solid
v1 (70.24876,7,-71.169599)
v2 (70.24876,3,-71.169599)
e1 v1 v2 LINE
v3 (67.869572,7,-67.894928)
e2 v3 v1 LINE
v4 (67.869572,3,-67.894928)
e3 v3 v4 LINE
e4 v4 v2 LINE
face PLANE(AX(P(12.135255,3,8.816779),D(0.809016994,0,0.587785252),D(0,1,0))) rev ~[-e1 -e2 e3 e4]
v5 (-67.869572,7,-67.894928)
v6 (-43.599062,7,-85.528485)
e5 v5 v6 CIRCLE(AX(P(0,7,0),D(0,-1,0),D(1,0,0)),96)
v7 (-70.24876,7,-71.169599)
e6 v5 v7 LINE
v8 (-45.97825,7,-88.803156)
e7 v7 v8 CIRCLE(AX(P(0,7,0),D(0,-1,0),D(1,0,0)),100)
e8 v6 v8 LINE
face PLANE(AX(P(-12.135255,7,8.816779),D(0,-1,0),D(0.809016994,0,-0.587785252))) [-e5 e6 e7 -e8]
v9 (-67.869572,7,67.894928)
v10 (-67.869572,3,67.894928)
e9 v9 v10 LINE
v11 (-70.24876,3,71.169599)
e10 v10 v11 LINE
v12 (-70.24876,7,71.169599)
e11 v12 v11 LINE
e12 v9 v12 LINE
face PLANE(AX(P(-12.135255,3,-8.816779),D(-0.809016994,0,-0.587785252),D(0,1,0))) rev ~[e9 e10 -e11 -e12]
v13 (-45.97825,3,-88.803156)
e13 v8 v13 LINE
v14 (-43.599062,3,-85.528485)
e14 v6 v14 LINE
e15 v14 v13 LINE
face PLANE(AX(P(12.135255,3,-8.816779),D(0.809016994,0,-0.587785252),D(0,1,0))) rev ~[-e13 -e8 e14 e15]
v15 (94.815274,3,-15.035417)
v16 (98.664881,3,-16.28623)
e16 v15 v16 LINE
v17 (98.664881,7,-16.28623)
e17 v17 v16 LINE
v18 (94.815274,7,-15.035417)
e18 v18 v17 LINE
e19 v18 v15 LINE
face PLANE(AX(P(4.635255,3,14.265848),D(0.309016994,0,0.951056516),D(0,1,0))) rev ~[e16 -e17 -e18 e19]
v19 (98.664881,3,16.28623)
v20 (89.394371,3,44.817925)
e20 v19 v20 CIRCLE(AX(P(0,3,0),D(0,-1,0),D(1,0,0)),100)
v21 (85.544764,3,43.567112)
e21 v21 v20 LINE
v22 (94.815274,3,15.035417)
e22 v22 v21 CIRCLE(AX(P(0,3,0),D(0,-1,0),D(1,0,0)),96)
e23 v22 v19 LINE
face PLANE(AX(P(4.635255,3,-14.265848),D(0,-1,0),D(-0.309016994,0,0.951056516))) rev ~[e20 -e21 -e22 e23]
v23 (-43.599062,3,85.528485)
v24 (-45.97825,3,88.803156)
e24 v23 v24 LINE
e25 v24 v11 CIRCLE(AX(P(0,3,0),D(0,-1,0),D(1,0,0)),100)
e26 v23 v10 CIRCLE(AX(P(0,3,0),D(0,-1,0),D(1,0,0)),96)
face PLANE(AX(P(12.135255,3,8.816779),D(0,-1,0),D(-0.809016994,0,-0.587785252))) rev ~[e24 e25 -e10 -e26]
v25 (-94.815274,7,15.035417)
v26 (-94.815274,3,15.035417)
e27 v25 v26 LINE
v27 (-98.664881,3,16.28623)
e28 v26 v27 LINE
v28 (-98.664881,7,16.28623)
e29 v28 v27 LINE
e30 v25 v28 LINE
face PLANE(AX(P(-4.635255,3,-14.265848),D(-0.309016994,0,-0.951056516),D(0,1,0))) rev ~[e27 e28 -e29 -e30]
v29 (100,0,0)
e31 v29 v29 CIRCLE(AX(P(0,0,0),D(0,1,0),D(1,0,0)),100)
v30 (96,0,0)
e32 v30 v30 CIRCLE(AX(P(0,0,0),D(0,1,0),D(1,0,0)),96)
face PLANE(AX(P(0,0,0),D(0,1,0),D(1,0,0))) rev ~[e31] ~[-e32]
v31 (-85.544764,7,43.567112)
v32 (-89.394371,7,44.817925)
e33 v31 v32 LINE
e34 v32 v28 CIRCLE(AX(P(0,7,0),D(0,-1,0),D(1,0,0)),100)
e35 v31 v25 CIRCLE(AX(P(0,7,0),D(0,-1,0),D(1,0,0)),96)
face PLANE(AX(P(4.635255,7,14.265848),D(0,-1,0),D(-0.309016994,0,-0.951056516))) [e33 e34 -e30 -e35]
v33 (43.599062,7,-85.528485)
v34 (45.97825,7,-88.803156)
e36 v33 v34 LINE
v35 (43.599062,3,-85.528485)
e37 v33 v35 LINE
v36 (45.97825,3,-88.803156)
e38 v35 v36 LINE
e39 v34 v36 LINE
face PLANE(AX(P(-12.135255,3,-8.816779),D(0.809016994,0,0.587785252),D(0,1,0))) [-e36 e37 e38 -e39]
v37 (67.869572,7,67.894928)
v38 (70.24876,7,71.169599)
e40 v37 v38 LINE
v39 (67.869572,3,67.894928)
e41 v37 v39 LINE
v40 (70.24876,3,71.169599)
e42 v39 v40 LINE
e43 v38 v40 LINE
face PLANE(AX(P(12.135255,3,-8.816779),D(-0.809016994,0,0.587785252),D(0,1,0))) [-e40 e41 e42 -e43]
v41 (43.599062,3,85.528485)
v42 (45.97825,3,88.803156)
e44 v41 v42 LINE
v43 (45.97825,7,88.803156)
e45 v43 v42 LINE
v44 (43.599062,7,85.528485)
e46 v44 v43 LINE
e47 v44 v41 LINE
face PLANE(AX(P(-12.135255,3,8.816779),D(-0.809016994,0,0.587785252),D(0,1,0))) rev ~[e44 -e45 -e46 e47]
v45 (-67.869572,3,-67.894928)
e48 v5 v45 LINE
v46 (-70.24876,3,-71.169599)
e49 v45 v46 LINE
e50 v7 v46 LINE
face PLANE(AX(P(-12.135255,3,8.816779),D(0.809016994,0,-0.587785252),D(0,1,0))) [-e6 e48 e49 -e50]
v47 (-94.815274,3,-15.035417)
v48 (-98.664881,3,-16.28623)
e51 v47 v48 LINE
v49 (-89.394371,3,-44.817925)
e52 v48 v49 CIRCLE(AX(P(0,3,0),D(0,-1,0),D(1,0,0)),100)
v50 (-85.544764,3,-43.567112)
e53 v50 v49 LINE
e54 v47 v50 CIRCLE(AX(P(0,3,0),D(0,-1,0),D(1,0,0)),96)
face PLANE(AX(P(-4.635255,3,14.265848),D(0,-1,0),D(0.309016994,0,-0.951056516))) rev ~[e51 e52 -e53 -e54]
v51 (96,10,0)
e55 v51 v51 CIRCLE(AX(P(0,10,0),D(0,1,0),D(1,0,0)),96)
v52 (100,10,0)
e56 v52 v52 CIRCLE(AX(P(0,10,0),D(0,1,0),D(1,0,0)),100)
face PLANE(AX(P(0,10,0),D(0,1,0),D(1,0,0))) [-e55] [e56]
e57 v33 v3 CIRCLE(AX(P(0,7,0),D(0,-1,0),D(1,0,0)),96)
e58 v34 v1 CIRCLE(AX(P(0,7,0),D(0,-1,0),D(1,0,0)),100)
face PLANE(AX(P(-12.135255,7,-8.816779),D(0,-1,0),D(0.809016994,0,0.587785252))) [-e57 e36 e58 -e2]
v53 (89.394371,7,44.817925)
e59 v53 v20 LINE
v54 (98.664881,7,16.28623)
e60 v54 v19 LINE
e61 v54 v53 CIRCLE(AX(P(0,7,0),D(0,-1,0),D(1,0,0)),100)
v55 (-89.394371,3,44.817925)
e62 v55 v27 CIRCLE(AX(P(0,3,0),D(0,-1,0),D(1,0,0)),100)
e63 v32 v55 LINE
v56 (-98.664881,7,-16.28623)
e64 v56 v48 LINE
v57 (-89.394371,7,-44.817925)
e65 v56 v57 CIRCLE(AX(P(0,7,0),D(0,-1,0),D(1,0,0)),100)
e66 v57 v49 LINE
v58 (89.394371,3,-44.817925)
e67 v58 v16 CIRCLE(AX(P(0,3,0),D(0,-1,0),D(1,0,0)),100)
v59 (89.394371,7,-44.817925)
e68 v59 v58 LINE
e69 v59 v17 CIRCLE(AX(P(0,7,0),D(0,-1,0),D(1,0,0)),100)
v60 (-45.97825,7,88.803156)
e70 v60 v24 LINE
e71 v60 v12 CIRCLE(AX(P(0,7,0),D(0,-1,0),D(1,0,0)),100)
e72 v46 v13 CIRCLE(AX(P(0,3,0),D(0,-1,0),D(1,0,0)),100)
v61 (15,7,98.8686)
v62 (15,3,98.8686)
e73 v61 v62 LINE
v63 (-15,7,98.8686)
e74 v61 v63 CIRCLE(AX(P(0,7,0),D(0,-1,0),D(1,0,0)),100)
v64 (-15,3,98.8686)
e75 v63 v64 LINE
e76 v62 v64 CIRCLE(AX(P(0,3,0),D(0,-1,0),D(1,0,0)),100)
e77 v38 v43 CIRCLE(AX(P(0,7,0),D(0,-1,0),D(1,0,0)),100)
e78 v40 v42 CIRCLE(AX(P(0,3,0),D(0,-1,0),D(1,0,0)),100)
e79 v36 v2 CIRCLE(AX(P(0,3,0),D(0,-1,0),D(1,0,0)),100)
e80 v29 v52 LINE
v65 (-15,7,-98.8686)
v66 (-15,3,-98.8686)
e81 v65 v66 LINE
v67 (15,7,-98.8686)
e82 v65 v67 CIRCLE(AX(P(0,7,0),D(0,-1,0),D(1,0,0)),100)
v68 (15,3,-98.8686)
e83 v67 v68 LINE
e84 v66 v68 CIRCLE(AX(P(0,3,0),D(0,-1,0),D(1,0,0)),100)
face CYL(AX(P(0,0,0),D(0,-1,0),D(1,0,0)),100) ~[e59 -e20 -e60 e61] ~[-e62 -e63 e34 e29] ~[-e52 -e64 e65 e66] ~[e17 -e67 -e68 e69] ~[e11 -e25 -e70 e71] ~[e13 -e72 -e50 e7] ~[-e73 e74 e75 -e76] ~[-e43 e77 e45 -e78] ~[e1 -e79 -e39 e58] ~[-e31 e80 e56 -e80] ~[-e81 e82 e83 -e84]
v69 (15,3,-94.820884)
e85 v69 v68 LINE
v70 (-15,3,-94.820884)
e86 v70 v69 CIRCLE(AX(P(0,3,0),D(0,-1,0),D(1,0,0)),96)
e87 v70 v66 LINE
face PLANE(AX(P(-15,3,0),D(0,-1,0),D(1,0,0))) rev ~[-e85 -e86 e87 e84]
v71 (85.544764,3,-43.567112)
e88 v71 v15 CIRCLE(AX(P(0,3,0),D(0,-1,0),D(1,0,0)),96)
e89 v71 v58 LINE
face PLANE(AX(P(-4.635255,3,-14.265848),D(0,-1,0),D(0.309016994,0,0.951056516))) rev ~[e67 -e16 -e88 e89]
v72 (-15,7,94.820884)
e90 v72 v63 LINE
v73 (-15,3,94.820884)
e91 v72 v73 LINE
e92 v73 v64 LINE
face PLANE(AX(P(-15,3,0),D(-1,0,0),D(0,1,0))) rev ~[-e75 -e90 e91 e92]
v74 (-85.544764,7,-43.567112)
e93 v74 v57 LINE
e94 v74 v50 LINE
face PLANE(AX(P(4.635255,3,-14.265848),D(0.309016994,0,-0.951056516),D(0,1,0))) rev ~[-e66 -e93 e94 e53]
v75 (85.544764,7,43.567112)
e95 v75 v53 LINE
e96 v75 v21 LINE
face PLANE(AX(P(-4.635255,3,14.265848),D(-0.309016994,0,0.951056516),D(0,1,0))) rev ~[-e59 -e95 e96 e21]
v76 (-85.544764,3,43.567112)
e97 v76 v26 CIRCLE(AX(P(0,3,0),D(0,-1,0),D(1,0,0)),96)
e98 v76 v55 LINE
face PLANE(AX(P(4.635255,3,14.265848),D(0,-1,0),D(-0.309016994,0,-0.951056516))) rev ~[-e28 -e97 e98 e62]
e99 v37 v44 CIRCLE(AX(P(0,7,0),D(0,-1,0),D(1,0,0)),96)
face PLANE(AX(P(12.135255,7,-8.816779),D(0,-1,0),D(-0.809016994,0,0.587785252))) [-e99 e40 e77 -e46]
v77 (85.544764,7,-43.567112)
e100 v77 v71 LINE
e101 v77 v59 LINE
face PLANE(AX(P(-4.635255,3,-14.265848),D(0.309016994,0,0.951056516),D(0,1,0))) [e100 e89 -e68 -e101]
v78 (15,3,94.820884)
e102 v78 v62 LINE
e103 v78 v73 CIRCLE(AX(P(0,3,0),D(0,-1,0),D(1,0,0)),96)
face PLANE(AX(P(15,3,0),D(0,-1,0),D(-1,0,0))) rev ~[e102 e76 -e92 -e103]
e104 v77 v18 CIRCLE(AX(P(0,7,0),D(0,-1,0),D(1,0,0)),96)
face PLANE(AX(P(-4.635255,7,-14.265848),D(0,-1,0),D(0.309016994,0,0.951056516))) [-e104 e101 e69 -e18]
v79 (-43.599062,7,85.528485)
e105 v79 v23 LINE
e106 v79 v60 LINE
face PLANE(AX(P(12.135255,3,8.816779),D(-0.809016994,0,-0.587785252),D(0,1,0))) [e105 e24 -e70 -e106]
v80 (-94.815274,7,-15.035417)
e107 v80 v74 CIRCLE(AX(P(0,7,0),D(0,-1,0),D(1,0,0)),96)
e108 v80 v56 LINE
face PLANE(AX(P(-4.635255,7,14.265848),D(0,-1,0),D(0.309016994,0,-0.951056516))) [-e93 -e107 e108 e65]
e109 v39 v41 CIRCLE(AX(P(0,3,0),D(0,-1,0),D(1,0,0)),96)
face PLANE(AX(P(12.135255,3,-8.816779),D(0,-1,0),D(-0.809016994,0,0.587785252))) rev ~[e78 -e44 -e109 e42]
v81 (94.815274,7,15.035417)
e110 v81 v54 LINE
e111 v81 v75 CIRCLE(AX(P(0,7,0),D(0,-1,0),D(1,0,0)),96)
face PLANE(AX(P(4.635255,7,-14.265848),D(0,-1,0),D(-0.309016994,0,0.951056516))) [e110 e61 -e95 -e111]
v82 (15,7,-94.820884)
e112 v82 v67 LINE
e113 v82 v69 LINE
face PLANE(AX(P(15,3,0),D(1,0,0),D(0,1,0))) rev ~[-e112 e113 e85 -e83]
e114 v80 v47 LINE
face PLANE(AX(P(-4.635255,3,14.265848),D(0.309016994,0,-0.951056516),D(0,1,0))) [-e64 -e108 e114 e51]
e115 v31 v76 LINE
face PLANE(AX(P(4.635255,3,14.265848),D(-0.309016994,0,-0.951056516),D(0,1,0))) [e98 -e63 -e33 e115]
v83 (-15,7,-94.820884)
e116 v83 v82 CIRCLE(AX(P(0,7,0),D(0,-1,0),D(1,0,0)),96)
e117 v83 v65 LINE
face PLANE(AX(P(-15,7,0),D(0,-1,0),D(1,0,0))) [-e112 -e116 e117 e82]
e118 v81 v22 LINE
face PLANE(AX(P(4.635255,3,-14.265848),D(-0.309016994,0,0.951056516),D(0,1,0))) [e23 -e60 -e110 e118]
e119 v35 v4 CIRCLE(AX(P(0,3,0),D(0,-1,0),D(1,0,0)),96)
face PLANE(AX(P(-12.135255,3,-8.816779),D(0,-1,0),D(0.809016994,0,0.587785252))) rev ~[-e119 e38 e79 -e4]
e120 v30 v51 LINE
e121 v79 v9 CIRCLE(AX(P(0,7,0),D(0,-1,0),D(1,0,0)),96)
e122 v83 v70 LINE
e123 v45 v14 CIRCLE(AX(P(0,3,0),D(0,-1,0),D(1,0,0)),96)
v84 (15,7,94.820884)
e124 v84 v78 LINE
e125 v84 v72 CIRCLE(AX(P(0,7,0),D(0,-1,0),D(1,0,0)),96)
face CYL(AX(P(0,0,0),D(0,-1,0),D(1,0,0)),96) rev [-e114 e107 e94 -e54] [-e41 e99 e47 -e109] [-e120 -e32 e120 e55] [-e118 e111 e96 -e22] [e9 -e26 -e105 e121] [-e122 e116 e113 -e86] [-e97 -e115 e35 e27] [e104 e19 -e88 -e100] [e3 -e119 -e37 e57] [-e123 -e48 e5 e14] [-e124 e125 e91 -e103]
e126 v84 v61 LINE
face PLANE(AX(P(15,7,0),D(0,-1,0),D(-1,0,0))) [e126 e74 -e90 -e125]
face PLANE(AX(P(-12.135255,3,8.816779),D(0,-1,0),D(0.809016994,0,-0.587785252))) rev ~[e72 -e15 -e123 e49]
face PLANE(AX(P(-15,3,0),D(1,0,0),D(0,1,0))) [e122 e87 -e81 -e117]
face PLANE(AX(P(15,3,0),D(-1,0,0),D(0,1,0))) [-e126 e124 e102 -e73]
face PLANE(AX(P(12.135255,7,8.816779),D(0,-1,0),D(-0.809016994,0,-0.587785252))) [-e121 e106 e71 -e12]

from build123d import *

# Parameters (mm, degrees)
SKETCH1_R           = 100
SKETCH1_R_2         = 96
BOSS_EXTRUDE1_DEPTH = 10
SKETCH2_W           = 30
SKETCH2_H           = 4
CUT_EXTRUDE1_DEPTH  = 142.774468788
CIRPATTERN1_COUNT   = 10


with BuildPart() as part:
    # Sketch1 → Boss-Extrude1 (new body)
    with BuildSketch(Plane(origin=(0, 0, 0), x_dir=(1, 0, 0), z_dir=(0, 1, 0))):
        Circle(SKETCH1_R)
        Circle(SKETCH1_R_2, mode=Mode.SUBTRACT)
    extrude(amount=BOSS_EXTRUDE1_DEPTH)

    # Sketch2 → Cut-Extrude1 (cut, through all)
    with BuildSketch(Plane.XY):
        with Locations((0, 5)):
            Rectangle(SKETCH2_W, SKETCH2_H)
    cut_extrude1 = extrude(amount=-CUT_EXTRUDE1_DEPTH, mode=Mode.SUBTRACT)

    # CirPattern1: Cut-Extrude1 ×10 about axis
    cirpattern1_axis = Axis((0, 10, 0), (0, -1, 0))
    for i in range(1, CIRPATTERN1_COUNT):
        add(cut_extrude1.rotate(cirpattern1_axis, i * 360 / CIRPATTERN1_COUNT), mode=Mode.SUBTRACT)


solid = part.part
